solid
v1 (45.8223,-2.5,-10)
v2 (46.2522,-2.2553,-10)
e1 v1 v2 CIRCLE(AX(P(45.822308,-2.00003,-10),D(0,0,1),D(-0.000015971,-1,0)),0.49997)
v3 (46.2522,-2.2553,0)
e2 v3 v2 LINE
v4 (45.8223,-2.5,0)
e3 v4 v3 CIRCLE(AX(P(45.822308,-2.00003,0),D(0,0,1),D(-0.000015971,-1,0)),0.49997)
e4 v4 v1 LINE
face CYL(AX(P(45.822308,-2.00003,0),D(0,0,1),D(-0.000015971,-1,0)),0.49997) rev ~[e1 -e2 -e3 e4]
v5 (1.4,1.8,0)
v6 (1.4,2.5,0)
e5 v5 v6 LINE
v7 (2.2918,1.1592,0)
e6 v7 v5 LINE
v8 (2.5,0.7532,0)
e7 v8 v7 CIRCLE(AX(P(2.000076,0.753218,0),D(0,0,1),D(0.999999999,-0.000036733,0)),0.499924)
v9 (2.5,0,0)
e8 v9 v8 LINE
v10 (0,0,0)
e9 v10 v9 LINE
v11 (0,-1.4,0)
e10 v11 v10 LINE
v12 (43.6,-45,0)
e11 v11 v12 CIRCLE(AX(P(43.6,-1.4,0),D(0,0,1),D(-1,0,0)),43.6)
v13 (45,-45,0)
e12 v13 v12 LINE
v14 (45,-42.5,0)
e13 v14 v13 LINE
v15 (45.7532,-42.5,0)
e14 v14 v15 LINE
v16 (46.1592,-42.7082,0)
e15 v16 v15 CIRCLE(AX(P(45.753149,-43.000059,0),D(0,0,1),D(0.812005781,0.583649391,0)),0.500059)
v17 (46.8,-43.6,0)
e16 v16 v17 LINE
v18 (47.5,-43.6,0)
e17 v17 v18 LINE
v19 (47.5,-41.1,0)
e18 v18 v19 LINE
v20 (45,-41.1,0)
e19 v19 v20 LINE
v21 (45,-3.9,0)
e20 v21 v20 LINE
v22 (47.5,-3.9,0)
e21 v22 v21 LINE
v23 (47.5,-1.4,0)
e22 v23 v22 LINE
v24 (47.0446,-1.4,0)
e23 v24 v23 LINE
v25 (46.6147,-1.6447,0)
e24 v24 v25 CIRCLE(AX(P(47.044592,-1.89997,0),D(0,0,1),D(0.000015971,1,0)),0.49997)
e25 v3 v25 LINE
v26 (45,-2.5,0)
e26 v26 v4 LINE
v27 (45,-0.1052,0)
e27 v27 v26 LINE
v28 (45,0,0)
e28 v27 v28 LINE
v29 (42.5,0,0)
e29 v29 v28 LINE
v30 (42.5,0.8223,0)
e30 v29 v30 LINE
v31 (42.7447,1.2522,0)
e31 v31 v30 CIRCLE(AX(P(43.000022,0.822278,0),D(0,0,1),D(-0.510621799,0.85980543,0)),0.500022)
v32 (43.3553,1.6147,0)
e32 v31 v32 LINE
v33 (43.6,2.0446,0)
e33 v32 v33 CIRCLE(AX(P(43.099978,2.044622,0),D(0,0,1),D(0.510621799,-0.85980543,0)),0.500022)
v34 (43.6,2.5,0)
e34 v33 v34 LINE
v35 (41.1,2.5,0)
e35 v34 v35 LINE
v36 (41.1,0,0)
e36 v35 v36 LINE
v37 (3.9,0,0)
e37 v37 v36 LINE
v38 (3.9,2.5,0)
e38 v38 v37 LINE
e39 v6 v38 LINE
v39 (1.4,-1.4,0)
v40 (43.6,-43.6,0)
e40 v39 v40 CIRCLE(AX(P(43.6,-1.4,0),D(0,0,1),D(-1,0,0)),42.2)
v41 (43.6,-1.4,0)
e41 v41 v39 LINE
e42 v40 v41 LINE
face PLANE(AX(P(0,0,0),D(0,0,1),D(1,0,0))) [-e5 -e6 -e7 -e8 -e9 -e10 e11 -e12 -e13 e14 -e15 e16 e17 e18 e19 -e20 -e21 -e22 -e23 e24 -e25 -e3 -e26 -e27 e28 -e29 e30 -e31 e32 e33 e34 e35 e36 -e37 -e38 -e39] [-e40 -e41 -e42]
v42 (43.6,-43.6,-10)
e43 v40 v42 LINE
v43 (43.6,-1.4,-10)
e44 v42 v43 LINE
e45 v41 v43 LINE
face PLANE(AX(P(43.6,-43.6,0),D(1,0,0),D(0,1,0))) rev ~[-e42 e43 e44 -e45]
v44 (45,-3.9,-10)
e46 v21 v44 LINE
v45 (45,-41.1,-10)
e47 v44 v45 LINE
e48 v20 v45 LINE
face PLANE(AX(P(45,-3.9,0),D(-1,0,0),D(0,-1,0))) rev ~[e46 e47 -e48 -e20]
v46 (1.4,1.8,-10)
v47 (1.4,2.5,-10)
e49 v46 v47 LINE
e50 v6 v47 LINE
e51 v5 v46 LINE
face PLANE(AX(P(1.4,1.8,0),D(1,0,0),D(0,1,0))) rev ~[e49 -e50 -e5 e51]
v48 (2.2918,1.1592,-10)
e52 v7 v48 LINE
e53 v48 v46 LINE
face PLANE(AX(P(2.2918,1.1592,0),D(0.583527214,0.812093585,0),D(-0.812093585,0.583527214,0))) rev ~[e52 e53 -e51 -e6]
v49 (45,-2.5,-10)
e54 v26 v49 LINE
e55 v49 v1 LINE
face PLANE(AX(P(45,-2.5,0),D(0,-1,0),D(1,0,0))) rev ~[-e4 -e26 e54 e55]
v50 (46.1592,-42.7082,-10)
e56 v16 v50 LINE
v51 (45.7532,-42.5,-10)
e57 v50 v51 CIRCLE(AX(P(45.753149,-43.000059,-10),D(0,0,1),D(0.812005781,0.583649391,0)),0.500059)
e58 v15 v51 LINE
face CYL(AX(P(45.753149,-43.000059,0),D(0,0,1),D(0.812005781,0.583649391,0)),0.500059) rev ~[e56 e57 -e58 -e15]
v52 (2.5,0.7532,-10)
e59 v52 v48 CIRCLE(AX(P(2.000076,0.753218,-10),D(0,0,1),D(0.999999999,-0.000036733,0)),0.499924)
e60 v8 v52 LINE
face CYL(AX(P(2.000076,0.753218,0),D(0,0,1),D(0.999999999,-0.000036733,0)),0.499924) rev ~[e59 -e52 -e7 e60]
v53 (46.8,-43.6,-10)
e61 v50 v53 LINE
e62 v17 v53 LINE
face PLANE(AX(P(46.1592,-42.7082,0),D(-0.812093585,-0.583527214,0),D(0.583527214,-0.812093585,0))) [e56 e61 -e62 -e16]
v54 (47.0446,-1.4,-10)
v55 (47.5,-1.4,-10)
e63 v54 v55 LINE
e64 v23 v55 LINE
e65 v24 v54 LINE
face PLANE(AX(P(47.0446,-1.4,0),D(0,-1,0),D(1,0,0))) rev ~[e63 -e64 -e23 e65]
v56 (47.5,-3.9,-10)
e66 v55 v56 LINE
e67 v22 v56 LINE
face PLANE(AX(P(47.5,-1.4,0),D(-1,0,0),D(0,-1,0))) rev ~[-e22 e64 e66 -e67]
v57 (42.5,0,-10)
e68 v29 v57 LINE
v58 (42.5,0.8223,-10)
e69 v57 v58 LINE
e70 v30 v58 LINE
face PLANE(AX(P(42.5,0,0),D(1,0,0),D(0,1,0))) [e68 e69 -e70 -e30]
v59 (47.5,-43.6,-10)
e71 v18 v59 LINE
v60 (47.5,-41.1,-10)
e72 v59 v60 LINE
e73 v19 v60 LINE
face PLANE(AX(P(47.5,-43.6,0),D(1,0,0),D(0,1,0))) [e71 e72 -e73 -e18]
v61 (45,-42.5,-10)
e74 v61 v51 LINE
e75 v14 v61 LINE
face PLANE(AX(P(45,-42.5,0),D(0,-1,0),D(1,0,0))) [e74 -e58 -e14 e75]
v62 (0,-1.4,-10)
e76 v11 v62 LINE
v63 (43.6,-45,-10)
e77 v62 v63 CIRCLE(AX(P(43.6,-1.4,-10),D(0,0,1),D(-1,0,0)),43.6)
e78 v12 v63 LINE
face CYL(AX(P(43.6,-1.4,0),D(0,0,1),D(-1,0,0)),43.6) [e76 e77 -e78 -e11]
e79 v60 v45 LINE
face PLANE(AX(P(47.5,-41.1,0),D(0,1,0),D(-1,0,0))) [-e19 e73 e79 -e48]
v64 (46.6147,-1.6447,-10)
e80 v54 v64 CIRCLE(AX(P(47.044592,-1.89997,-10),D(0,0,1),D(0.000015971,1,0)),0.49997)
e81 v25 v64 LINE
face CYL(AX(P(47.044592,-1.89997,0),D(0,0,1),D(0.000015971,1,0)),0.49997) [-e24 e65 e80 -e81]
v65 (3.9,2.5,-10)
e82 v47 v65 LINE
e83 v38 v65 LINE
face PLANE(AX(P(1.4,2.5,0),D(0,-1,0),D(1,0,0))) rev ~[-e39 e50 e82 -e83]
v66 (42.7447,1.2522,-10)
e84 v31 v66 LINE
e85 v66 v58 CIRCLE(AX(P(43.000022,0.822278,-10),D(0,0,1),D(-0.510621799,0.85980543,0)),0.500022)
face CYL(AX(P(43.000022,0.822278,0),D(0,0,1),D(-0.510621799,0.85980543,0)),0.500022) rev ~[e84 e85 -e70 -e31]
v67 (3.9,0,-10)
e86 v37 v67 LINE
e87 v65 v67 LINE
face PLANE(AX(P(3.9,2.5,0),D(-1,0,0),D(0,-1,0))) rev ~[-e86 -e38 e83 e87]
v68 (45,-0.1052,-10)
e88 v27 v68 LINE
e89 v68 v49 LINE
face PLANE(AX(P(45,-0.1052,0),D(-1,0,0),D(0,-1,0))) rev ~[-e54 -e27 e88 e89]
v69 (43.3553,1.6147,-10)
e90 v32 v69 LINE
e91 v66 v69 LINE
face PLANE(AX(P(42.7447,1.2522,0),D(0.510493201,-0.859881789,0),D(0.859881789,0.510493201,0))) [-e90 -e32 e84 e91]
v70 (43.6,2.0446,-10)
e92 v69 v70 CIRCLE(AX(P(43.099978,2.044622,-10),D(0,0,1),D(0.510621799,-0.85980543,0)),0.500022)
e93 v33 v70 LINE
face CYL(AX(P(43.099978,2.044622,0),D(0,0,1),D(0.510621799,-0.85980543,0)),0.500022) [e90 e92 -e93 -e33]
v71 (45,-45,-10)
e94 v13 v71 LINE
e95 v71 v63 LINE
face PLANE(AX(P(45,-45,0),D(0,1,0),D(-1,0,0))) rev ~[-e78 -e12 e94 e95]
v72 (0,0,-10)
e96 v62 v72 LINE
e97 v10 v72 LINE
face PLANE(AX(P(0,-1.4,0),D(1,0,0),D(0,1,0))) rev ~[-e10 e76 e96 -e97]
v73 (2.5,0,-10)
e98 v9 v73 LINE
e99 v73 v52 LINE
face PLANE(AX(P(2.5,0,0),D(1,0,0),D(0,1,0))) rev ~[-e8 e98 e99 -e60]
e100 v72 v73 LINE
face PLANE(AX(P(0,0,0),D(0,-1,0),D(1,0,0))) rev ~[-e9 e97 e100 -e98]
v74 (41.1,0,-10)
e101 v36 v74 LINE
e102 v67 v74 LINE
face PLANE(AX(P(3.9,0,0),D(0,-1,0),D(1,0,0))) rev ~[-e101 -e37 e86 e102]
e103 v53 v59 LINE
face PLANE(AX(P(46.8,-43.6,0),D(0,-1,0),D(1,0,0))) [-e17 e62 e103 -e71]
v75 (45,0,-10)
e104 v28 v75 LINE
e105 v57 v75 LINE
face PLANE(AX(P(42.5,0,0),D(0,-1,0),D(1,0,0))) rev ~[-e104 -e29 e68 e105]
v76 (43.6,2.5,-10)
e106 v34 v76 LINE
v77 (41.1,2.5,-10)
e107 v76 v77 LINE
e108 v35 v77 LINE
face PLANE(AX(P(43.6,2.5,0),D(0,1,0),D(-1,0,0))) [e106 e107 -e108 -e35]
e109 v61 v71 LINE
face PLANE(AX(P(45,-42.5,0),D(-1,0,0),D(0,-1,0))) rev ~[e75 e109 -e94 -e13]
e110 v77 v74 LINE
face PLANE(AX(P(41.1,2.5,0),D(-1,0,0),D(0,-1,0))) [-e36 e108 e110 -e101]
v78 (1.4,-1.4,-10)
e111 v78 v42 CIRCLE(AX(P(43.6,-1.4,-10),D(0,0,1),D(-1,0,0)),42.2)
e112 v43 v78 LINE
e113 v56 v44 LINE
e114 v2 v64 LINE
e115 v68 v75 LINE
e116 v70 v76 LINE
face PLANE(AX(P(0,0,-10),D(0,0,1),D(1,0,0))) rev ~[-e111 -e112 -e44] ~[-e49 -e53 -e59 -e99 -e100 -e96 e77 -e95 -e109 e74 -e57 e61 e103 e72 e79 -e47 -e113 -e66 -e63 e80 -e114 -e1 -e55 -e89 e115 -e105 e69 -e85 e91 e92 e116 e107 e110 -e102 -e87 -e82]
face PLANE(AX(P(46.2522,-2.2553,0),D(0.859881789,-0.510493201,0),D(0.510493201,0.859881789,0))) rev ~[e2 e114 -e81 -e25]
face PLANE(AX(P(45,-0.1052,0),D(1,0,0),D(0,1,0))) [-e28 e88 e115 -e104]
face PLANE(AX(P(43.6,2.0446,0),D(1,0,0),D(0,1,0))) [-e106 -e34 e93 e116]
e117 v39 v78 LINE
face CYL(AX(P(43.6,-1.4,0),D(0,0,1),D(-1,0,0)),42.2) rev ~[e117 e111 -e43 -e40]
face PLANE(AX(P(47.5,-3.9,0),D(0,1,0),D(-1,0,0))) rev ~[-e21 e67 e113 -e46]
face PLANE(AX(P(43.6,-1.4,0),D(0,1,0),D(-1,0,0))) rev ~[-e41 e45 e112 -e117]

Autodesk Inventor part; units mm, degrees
ref_plane "YZ Plane" through (0, 0, 0) normal (1, 0, 0) x (0, 1, 0)
ref_plane "XZ Plane" through (0, 0, 0) normal (0, 1, 0) x (-1, 0, 0)
ref_plane "XY Plane" through (0, 0, 0) normal (0, 0, 1) x (1, 0, 0)
sketch "Boceto1" plane through (0, 0, 0) normal (0, 0, 1) x (1, 0, 0)
  line L0 (43.6, -1.4) -> (1.4, -1.4)
  line L1 (0, -1.4) -> (0, 0)
  line L2 (45, -45) -> (43.6, -45)
  line L3 (43.6, -43.6) -> (43.6, -1.4)
  arc A0 (1.4, -1.4) -> (43.6, -43.6) centre (43.6, -1.4) ccw
  arc A1 (0, -1.4) -> (43.6, -45) centre (43.6, -1.4) ccw
  line L4 (2.5, 0) -> (2.5, 0.7532)
  line L5 (2.2918, 1.1592) -> (1.4, 1.8)
  line L6 (1.4, 1.8) -> (1.4, 2.5)
  line L7 (1.4, 2.5) -> (3.9, 2.5)
  line L8 (3.9, 2.5) -> (3.9, 0)
  arc A2 (2.5, 0.7532) -> (2.2918, 1.1592) centre (2, 0.7532) ccw
  line L9 (0, 0) -> (2.5, 0)
  line L10 (42.5, 0) -> (42.5, 0.8223)
  line L11 (42.7447, 1.2522) -> (43.3553, 1.6147)
  line L12 (43.6, 2.0446) -> (43.6, 2.5)
  line L13 (43.6, 2.5) -> (41.1, 2.5)
  line L14 (41.1, 2.5) -> (41.1, 0)
  line L15 (3.9, 0) -> (41.1, 0)
  line L16 (42.5, 0) -> (45, 0)
  arc A3 (42.7447, 1.2522) -> (42.5, 0.8223) centre (43, 0.8223) ccw
  arc A4 (43.3553, 1.6147) -> (43.6, 2.0446) centre (43.1, 2.0446) ccw
  line L17 (45, -2.5) -> (45.8223, -2.5)
  line L18 (46.2522, -2.2553) -> (46.6147, -1.6447)
  line L19 (47.0446, -1.4) -> (47.5, -1.4)
  line L20 (47.5, -1.4) -> (47.5, -3.9)
  line L21 (47.5, -3.9) -> (45, -3.9)
  arc A5 (47.0446, -1.4) -> (46.6147, -1.6447) centre (47.0446, -1.9) ccw
  arc A6 (45.8223, -2.5) -> (46.2522, -2.2553) centre (45.8223, -2) ccw
  line L22 (45, -42.5) -> (45.7532, -42.5)
  line L23 (46.1592, -42.7082) -> (46.8, -43.6)
  line L24 (46.8, -43.6) -> (47.5, -43.6)
  line L25 (47.5, -43.6) -> (47.5, -41.1)
  line L26 (47.5, -41.1) -> (45, -41.1)
  arc A7 (46.1592, -42.7082) -> (45.7532, -42.5) centre (45.7532, -43) ccw
  line L27 (45, -0.1052) -> (45, -2.5)
  line L28 (45, -2.5) -> (45, 0)
  line L29 (45, -3.9) -> (45, -41.1)
  line L30 (45, -42.5) -> (45, -45)
  line L31 (45, -45) -> (45, -42.5)
  line L32 (45, -41.1) -> (45, -3.9)
  point P0 (43.6, 1.76)
  point P1 (46.76, -1.4)
  dimension "d11" = 42.2
  dimension "d12" = 1.4
  dimension "d18" = 1.4
  dimension "d19" = 2.5
  dimension "d21" = 2.5
  dimension "d25" = 35.7
  dimension "d26" = 1.4
  dimension "d28" = 1.4
  dimension "d29" = 0.74
  dimension "d30" = 2.5
  dimension "d31" = 30.7
  dimension "d32" = 2.5
  dimension "d34" = 0.5
  dimension "d35" = 0.7
  dimension "d36" = 0.5
  dimension "d37" = 0.5
  dimension "d38" = 1.4
  dimension "d39" = 2.5
  dimension "d41" = 2.5
  dimension "d42" = 0.74
  dimension "d43" = 30.7
  dimension "d44" = 0.5
  dimension "d45" = 45
  dimension "d46" = 1.4
  dimension "d47" = 2.5
  dimension "d49" = 0.7
  dimension "d50" = 35.7
  dimension "d51" = 2.5
  dimension "d52" = 0.5
  dimension "d55" = 1.4
  dimension "d57" = 2.5
  dimension "d58" = 45
  dimension "d59" = 2.5
  dimension "d63" = 2.5
  dimension "d64" = 2.5
extrude "Extrusión1" add sketch "Boceto1" against normal blind 10
properties part number "SP40-15 PERFIL ESQUINERO PUNTAS INVERTIDAS" material "Aluminio"
